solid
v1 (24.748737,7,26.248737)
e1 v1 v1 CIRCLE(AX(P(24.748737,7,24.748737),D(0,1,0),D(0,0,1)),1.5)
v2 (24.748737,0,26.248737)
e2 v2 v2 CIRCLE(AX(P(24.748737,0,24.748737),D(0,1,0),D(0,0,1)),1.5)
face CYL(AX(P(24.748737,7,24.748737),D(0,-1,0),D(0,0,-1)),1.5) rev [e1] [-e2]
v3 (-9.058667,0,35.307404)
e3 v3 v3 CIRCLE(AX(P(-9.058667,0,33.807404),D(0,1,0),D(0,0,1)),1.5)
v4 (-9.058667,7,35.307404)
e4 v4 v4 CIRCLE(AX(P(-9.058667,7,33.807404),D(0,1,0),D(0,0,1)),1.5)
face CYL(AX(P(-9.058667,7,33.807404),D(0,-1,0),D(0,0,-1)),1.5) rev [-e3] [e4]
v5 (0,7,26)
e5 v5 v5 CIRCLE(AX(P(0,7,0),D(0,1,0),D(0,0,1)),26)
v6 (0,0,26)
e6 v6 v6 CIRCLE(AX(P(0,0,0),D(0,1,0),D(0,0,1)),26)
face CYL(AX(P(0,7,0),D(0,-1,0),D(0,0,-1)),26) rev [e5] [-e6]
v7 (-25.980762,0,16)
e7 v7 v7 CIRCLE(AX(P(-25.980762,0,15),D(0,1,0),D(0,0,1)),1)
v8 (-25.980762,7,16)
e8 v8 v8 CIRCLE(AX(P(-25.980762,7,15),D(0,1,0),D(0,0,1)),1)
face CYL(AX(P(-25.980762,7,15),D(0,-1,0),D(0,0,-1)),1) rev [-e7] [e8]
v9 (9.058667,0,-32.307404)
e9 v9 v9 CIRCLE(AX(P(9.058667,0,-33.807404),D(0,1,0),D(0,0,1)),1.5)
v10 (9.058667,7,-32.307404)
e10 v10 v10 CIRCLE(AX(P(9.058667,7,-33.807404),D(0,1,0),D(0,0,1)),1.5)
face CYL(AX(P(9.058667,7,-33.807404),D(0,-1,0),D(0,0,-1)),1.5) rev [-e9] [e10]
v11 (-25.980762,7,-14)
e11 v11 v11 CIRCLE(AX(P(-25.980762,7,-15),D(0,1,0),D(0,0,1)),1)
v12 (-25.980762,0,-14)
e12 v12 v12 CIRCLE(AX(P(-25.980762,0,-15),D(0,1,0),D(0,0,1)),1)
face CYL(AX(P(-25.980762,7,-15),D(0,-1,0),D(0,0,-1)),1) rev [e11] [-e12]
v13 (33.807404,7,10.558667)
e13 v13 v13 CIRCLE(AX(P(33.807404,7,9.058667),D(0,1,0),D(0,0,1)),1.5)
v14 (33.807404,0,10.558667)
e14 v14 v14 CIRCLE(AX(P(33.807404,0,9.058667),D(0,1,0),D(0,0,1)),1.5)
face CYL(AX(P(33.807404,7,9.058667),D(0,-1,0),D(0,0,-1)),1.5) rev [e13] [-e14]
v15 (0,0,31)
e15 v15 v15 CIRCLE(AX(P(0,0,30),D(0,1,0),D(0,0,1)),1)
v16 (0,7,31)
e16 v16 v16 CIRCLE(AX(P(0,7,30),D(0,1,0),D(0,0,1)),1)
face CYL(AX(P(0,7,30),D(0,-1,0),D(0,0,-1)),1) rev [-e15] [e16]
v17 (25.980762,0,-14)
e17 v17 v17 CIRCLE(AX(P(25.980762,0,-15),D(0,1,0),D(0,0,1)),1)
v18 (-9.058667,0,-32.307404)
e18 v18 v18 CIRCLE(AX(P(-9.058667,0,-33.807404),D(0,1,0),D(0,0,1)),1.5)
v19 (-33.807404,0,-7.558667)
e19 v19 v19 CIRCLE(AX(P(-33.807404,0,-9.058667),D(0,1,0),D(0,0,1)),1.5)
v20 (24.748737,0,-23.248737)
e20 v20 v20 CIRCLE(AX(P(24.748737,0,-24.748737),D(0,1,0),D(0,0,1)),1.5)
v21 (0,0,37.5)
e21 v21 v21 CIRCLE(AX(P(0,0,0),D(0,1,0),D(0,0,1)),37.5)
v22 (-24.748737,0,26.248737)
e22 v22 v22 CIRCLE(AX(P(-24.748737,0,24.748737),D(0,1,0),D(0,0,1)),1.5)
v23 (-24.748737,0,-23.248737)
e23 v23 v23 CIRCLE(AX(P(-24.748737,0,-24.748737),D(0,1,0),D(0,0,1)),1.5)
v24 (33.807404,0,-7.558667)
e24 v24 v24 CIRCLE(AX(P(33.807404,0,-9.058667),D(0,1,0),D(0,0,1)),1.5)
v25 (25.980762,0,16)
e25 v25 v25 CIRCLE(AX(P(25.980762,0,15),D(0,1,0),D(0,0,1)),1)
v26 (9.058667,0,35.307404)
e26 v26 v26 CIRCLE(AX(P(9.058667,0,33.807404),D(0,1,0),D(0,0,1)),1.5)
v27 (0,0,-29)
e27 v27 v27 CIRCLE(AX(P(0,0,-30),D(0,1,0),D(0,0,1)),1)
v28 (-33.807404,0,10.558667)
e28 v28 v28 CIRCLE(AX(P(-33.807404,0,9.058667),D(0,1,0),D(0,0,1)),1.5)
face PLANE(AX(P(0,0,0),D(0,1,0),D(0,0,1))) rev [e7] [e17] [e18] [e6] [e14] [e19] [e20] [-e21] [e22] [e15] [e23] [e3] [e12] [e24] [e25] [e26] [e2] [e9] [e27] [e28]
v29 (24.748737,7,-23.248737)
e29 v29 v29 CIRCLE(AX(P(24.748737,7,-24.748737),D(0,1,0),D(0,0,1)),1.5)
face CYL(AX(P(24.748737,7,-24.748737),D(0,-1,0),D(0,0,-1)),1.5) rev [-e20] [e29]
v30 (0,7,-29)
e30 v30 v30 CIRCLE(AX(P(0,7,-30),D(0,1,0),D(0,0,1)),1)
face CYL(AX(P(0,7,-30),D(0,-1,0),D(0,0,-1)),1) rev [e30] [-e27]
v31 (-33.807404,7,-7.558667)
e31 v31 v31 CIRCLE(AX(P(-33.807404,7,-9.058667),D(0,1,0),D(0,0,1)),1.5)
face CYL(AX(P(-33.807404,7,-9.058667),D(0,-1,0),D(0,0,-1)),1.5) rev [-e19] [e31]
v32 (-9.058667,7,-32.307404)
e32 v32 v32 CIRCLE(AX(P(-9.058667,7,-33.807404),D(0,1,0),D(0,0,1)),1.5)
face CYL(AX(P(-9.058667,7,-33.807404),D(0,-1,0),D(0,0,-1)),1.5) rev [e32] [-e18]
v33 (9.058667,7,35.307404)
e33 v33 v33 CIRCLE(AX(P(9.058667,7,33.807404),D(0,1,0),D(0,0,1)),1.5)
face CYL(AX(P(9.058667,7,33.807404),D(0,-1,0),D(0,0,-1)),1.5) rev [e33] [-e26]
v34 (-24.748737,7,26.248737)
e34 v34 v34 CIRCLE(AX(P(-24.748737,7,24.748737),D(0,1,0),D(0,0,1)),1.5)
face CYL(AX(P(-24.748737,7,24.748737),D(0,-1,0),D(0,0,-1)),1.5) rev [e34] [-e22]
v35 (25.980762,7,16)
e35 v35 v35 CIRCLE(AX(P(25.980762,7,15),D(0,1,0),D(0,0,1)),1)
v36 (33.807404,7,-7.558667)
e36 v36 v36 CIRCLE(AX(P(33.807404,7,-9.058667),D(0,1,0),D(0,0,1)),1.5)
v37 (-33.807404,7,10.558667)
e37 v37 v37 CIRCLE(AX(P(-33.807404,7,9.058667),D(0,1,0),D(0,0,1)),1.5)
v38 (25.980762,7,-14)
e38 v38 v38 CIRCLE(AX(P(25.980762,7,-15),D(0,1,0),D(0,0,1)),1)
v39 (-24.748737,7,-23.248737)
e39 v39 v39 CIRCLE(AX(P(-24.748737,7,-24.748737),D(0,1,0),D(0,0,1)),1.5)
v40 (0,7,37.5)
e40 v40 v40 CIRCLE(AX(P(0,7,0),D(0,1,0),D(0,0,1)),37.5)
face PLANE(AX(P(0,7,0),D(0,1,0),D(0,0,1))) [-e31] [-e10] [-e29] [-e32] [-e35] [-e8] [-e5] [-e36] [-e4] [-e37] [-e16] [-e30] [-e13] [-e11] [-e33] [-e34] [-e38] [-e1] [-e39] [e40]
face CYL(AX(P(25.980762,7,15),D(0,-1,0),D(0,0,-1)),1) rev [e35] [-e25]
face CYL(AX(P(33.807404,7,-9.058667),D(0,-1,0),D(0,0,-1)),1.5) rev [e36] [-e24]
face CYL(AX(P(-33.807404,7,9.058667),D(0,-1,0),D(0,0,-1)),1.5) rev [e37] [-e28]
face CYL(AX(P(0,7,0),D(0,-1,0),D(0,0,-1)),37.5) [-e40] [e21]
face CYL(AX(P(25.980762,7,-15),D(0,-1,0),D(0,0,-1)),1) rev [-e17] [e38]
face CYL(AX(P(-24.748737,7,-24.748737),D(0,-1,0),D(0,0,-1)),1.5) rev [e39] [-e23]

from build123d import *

# Parameters (mm, degrees)
SKETCH1_R           = 37.5
SKETCH1_R_2         = 26
SKETCH1_R_3         = 1
SKETCH1_R_4         = 1.5
BOSS_EXTRUDE1_DEPTH = 7


with BuildPart() as part:
    # Sketch1 → Boss-Extrude1 (new body)
    with BuildSketch(Plane(origin=(0, 0, 0), x_dir=(1, 0, 0), z_dir=(0, 1, 0))):
        with Locations(Location((0, 0, 0), (0, 0, 270))):
            Circle(SKETCH1_R)
        with Locations(Location((0, 0, 0), (0, 0, 270))):
            Circle(SKETCH1_R_2, mode=Mode.SUBTRACT)
        with Locations(Location((0, 30, 0), (0, 0, 270))):
            Circle(SKETCH1_R_3, mode=Mode.SUBTRACT)
        with Locations(Location((25.980762114, 15, 0), (0, 0, 270))):
            Circle(SKETCH1_R_3, mode=Mode.SUBTRACT)
        with Locations(Location((25.980762114, -15, 0), (0, 0, 270))):
            Circle(SKETCH1_R_3, mode=Mode.SUBTRACT)
        with Locations(Location((0, -30, 0), (0, 0, 270))):
            Circle(SKETCH1_R_3, mode=Mode.SUBTRACT)
        with Locations(Location((-25.980762114, -15, 0), (0, 0, 270))):
            Circle(SKETCH1_R_3, mode=Mode.SUBTRACT)
        with Locations(Location((-25.980762114, 15, 0), (0, 0, 270))):
            Circle(SKETCH1_R_3, mode=Mode.SUBTRACT)
        with Locations(Location((-33.80740392, -9.058666579, 0), (0, 0, 270))):
            Circle(SKETCH1_R_4, mode=Mode.SUBTRACT)
        with Locations(Location((-33.80740392, 9.058666579, 0), (0, 0, 270))):
            Circle(SKETCH1_R_4, mode=Mode.SUBTRACT)
        with Locations(Location((-24.748737342, 24.748737342, 0), (0, 0, 270))):
            Circle(SKETCH1_R_4, mode=Mode.SUBTRACT)
        with Locations(Location((-9.058666579, 33.80740392, 0), (0, 0, 270))):
            Circle(SKETCH1_R_4, mode=Mode.SUBTRACT)
        with Locations(Location((9.058666579, 33.80740392, 0), (0, 0, 270))):
            Circle(SKETCH1_R_4, mode=Mode.SUBTRACT)
        with Locations(Location((24.748737342, 24.748737342, 0), (0, 0, 270))):
            Circle(SKETCH1_R_4, mode=Mode.SUBTRACT)
        with Locations(Location((33.80740392, 9.058666579, 0), (0, 0, 270))):
            Circle(SKETCH1_R_4, mode=Mode.SUBTRACT)
        with Locations(Location((33.80740392, -9.058666579, 0), (0, 0, 270))):
            Circle(SKETCH1_R_4, mode=Mode.SUBTRACT)
        with Locations(Location((24.748737342, -24.748737342, 0), (0, 0, 270))):
            Circle(SKETCH1_R_4, mode=Mode.SUBTRACT)
        with Locations(Location((9.058666579, -33.80740392, 0), (0, 0, 270))):
            Circle(SKETCH1_R_4, mode=Mode.SUBTRACT)
        with Locations(Location((-9.058666579, -33.80740392, 0), (0, 0, 270))):
            Circle(SKETCH1_R_4, mode=Mode.SUBTRACT)
        with Locations(Location((-24.748737342, -24.748737342, 0), (0, 0, 270))):
            Circle(SKETCH1_R_4, mode=Mode.SUBTRACT)
    extrude(amount=BOSS_EXTRUDE1_DEPTH)


solid = part.part
